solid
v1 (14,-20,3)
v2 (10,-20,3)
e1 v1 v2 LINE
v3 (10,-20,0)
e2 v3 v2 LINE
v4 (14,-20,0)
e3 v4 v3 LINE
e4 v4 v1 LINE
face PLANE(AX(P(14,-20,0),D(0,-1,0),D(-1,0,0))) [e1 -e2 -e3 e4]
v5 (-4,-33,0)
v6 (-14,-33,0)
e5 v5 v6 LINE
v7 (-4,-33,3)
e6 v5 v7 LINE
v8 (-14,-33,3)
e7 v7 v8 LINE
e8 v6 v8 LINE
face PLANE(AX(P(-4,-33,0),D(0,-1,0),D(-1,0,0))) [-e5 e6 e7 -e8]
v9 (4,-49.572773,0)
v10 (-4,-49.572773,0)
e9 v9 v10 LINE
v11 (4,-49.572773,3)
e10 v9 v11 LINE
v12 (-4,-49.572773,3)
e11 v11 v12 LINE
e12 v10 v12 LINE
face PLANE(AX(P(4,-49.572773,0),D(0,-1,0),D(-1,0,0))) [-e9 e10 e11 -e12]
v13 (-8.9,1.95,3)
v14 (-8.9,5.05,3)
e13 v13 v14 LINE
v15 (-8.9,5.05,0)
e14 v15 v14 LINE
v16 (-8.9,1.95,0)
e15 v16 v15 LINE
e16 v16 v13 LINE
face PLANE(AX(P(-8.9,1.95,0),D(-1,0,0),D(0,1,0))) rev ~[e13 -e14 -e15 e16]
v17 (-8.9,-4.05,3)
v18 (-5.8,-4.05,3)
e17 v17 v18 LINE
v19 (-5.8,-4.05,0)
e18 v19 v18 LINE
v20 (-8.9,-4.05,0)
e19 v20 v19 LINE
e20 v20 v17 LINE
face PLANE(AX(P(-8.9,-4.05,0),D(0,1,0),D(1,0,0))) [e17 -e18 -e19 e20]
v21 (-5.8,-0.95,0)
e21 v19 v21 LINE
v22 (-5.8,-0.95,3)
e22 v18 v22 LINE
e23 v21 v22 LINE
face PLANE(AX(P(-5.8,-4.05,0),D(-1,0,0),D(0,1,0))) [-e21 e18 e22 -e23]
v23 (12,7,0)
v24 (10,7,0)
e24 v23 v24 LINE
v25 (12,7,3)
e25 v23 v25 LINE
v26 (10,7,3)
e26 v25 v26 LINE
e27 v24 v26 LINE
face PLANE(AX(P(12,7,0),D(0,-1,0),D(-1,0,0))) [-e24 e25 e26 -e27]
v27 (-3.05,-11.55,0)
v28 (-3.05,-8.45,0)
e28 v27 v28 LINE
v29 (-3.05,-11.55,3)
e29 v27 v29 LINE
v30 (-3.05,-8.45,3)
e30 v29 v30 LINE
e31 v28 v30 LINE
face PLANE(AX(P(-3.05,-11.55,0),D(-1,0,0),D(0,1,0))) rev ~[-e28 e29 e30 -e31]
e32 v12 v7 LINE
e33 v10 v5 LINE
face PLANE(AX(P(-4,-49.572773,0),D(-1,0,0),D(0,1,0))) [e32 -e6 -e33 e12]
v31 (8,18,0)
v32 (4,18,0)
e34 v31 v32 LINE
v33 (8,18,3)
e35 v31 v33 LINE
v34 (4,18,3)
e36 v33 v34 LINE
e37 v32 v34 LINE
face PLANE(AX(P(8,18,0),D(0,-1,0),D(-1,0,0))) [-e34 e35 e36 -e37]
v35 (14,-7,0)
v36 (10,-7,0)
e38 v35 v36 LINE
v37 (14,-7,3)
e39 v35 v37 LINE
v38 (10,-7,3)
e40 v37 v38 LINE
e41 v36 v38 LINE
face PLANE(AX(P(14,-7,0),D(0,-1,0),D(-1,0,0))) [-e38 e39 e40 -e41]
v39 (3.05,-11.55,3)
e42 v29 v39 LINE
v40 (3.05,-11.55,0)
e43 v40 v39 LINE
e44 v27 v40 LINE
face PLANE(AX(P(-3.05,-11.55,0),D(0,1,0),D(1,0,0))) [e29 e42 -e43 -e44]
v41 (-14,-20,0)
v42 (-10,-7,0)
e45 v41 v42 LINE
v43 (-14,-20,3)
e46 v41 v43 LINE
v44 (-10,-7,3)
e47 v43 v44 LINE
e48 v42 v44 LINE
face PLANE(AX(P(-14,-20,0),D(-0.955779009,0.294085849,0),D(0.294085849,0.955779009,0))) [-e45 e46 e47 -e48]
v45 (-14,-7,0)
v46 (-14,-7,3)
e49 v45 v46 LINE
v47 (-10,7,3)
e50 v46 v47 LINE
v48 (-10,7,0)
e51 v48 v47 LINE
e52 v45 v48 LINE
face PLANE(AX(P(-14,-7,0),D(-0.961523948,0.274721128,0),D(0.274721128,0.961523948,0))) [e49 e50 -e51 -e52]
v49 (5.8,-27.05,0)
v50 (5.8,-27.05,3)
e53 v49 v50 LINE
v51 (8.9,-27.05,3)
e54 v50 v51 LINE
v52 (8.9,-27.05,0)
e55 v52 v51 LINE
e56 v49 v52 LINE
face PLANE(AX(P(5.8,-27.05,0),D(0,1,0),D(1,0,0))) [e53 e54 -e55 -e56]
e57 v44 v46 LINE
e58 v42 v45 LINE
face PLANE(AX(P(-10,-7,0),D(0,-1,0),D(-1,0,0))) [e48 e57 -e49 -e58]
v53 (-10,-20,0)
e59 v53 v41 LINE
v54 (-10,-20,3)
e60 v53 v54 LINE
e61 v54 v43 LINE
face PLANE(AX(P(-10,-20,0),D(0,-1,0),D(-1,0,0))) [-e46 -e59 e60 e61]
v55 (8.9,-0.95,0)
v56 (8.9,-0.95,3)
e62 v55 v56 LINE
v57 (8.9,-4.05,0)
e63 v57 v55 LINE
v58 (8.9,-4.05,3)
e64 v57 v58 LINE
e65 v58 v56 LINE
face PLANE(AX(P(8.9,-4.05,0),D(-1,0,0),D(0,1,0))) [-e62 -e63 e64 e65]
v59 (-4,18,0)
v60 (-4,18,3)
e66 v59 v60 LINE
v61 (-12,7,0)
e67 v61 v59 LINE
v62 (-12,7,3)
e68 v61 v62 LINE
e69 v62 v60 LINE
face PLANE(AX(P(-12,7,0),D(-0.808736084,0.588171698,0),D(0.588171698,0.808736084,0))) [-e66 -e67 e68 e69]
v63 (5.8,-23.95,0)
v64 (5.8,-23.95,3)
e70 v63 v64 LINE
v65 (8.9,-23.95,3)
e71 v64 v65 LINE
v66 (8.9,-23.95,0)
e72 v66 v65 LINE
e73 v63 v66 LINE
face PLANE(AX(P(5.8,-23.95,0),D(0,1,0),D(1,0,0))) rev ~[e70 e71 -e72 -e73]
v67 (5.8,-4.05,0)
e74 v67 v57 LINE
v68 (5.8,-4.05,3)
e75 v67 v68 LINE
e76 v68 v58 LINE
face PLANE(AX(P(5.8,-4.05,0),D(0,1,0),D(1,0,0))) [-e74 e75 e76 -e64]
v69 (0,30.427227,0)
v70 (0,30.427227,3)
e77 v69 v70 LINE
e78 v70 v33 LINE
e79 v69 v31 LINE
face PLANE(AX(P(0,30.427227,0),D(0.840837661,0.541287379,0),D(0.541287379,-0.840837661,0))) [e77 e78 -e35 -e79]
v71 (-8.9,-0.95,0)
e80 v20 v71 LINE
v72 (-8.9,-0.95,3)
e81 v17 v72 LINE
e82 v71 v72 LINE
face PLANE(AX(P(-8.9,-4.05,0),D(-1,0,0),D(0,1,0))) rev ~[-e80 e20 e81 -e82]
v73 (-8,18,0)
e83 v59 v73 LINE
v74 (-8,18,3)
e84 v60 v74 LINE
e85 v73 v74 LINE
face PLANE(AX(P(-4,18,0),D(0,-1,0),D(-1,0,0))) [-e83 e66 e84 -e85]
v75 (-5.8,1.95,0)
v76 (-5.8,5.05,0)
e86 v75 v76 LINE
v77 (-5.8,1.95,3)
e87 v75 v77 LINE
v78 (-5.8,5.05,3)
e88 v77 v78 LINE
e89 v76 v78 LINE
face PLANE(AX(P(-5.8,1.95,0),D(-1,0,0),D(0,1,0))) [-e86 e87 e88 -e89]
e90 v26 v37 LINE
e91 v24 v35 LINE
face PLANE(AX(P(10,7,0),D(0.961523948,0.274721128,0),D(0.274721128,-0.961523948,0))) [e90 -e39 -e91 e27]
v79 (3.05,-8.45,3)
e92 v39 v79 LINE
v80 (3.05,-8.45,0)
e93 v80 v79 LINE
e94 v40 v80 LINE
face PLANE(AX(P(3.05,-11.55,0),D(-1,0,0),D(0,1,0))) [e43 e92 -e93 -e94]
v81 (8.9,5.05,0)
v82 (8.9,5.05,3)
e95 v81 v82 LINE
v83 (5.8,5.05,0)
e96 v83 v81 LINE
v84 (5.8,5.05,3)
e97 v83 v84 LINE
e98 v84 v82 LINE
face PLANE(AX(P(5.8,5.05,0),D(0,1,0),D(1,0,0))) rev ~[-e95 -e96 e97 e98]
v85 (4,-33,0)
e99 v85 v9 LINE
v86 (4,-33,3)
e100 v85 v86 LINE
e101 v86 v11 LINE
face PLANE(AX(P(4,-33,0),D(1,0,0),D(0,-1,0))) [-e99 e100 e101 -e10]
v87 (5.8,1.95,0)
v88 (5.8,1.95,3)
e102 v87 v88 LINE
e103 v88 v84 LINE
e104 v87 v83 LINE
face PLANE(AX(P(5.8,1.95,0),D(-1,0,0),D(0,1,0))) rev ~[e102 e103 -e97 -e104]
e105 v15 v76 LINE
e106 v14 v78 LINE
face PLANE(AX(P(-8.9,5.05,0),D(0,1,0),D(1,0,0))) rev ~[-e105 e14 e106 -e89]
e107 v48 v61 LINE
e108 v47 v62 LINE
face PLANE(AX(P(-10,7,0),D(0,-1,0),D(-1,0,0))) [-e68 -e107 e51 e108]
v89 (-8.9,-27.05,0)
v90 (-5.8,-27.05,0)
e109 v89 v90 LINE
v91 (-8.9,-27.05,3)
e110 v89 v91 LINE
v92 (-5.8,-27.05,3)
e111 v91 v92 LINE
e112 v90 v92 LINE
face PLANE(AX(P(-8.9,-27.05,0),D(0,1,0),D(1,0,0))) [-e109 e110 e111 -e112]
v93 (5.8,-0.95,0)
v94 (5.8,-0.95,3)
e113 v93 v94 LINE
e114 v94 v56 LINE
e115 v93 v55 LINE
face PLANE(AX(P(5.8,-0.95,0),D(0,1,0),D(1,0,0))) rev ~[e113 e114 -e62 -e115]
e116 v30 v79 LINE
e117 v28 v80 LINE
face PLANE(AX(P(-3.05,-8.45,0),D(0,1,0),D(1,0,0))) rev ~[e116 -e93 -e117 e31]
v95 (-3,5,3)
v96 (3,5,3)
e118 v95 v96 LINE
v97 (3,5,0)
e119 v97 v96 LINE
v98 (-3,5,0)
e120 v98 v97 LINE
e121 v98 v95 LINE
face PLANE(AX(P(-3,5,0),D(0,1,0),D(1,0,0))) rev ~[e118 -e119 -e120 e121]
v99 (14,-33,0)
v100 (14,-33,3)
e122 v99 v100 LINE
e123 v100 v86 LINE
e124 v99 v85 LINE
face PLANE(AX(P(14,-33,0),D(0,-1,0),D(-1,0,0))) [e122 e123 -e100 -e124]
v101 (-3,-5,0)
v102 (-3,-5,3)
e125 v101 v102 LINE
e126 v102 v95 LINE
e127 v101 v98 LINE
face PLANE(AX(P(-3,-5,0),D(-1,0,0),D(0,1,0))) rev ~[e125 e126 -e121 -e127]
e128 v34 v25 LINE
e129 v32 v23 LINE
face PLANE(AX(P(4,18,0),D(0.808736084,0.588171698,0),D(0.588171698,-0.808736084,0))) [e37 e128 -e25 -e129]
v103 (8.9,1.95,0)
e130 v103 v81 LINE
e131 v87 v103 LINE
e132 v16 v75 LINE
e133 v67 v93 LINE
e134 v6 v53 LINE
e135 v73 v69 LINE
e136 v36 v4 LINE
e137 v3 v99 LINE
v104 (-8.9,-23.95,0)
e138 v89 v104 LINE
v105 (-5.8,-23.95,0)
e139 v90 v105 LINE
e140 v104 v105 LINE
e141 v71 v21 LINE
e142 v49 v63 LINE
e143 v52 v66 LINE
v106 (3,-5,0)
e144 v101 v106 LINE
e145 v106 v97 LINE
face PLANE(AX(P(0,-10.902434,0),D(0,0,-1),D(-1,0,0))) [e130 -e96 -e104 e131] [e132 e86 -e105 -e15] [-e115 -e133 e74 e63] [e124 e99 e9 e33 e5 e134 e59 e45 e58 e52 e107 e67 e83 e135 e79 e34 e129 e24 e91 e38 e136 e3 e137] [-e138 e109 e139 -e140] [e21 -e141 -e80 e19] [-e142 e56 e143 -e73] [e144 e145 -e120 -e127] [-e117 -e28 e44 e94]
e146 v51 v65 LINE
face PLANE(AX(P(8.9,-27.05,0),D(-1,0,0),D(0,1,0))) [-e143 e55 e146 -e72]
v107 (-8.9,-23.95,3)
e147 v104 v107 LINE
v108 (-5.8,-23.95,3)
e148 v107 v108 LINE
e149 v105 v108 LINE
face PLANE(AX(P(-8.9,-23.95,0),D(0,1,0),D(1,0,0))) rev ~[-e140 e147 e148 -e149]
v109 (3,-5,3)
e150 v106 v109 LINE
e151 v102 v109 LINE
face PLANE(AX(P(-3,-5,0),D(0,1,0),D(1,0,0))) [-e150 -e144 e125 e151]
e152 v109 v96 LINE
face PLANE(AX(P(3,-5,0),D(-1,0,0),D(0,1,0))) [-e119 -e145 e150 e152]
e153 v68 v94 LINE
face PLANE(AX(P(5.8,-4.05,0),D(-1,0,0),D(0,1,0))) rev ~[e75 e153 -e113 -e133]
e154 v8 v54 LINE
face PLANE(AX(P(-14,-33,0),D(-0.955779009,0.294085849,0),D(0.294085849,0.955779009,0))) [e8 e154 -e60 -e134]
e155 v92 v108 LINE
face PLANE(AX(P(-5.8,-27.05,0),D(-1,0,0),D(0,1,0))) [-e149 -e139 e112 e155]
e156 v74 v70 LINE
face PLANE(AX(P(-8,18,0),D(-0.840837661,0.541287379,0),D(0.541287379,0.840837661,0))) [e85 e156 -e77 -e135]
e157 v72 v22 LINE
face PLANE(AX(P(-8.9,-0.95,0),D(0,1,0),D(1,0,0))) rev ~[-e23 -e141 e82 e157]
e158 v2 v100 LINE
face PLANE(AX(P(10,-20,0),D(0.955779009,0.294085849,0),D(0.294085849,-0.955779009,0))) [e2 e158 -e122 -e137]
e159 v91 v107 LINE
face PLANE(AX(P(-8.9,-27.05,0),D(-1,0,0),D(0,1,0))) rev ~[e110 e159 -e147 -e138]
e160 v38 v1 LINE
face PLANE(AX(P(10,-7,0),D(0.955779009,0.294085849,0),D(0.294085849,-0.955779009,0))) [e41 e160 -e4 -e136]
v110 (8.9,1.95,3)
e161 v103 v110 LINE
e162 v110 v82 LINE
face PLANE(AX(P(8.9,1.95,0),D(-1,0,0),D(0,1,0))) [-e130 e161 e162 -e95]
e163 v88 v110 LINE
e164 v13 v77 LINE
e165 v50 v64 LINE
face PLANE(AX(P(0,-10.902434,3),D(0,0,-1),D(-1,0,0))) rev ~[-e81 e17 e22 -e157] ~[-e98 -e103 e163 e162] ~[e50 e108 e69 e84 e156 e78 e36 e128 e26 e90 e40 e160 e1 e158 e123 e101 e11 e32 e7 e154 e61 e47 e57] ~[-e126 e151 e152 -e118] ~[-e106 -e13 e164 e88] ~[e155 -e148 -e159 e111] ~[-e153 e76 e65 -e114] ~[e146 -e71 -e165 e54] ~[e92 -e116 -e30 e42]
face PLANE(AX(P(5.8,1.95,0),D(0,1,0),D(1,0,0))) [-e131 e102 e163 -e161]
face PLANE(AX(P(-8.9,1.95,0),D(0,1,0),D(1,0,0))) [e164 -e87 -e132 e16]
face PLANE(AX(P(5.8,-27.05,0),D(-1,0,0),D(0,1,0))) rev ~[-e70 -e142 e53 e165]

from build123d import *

# Parameters (mm, degrees)
PROFILE_LASER_PROFILE_3MM_W   = 3.1
PROFILE_LASER_PROFILE_3MM_H   = 3.1
PROFILE_LASER_PROFILE_3MM_W_2 = 6.1
PROFILE_LASER_PROFILE_3MM_W_3 = 6
PROFILE_LASER_PROFILE_3MM_H_2 = 10
LASER_PROFILE_3MM_DEPTH       = 3


with BuildPart() as part:
    # Profile_Laser_profile_3mm → Laser_profile_3mm (new body)
    with BuildSketch(Plane.XY):
        Polygon((0, 30.427227289), (8, 18), (4, 18), (12, 7), (10, 7), (14, -7), (10, -7), (14, -20), (10, -20), (14, -33), (4, -33), (4, -49.572772711), (-4, -49.572772711), (-4, -33), (-14, -33), (-10, -20), (-14, -20), (-10, -7), (-14, -7), (-10, 7), (-12, 7), (-4, 18), (-8, 18), align=None)
        with Locations((-7.35, 3.5)):
            Rectangle(PROFILE_LASER_PROFILE_3MM_W, PROFILE_LASER_PROFILE_3MM_H, mode=Mode.SUBTRACT)
        with Locations((-7.35, -2.5)):
            Rectangle(PROFILE_LASER_PROFILE_3MM_W, PROFILE_LASER_PROFILE_3MM_H, mode=Mode.SUBTRACT)
        with Locations((-7.35, -25.5)):
            Rectangle(PROFILE_LASER_PROFILE_3MM_W, PROFILE_LASER_PROFILE_3MM_H, mode=Mode.SUBTRACT)
        with Locations((7.35, 3.5)):
            Rectangle(PROFILE_LASER_PROFILE_3MM_W, PROFILE_LASER_PROFILE_3MM_H, mode=Mode.SUBTRACT)
        with Locations((7.35, -2.5)):
            Rectangle(PROFILE_LASER_PROFILE_3MM_W, PROFILE_LASER_PROFILE_3MM_H, mode=Mode.SUBTRACT)
        with Locations((7.35, -25.5)):
            Rectangle(PROFILE_LASER_PROFILE_3MM_W, PROFILE_LASER_PROFILE_3MM_H, mode=Mode.SUBTRACT)
        with Locations((0, -10)):
            Rectangle(PROFILE_LASER_PROFILE_3MM_W_2, PROFILE_LASER_PROFILE_3MM_H, mode=Mode.SUBTRACT)
        Rectangle(PROFILE_LASER_PROFILE_3MM_W_3, PROFILE_LASER_PROFILE_3MM_H_2, mode=Mode.SUBTRACT)
    extrude(amount=LASER_PROFILE_3MM_DEPTH)


solid = part.part
